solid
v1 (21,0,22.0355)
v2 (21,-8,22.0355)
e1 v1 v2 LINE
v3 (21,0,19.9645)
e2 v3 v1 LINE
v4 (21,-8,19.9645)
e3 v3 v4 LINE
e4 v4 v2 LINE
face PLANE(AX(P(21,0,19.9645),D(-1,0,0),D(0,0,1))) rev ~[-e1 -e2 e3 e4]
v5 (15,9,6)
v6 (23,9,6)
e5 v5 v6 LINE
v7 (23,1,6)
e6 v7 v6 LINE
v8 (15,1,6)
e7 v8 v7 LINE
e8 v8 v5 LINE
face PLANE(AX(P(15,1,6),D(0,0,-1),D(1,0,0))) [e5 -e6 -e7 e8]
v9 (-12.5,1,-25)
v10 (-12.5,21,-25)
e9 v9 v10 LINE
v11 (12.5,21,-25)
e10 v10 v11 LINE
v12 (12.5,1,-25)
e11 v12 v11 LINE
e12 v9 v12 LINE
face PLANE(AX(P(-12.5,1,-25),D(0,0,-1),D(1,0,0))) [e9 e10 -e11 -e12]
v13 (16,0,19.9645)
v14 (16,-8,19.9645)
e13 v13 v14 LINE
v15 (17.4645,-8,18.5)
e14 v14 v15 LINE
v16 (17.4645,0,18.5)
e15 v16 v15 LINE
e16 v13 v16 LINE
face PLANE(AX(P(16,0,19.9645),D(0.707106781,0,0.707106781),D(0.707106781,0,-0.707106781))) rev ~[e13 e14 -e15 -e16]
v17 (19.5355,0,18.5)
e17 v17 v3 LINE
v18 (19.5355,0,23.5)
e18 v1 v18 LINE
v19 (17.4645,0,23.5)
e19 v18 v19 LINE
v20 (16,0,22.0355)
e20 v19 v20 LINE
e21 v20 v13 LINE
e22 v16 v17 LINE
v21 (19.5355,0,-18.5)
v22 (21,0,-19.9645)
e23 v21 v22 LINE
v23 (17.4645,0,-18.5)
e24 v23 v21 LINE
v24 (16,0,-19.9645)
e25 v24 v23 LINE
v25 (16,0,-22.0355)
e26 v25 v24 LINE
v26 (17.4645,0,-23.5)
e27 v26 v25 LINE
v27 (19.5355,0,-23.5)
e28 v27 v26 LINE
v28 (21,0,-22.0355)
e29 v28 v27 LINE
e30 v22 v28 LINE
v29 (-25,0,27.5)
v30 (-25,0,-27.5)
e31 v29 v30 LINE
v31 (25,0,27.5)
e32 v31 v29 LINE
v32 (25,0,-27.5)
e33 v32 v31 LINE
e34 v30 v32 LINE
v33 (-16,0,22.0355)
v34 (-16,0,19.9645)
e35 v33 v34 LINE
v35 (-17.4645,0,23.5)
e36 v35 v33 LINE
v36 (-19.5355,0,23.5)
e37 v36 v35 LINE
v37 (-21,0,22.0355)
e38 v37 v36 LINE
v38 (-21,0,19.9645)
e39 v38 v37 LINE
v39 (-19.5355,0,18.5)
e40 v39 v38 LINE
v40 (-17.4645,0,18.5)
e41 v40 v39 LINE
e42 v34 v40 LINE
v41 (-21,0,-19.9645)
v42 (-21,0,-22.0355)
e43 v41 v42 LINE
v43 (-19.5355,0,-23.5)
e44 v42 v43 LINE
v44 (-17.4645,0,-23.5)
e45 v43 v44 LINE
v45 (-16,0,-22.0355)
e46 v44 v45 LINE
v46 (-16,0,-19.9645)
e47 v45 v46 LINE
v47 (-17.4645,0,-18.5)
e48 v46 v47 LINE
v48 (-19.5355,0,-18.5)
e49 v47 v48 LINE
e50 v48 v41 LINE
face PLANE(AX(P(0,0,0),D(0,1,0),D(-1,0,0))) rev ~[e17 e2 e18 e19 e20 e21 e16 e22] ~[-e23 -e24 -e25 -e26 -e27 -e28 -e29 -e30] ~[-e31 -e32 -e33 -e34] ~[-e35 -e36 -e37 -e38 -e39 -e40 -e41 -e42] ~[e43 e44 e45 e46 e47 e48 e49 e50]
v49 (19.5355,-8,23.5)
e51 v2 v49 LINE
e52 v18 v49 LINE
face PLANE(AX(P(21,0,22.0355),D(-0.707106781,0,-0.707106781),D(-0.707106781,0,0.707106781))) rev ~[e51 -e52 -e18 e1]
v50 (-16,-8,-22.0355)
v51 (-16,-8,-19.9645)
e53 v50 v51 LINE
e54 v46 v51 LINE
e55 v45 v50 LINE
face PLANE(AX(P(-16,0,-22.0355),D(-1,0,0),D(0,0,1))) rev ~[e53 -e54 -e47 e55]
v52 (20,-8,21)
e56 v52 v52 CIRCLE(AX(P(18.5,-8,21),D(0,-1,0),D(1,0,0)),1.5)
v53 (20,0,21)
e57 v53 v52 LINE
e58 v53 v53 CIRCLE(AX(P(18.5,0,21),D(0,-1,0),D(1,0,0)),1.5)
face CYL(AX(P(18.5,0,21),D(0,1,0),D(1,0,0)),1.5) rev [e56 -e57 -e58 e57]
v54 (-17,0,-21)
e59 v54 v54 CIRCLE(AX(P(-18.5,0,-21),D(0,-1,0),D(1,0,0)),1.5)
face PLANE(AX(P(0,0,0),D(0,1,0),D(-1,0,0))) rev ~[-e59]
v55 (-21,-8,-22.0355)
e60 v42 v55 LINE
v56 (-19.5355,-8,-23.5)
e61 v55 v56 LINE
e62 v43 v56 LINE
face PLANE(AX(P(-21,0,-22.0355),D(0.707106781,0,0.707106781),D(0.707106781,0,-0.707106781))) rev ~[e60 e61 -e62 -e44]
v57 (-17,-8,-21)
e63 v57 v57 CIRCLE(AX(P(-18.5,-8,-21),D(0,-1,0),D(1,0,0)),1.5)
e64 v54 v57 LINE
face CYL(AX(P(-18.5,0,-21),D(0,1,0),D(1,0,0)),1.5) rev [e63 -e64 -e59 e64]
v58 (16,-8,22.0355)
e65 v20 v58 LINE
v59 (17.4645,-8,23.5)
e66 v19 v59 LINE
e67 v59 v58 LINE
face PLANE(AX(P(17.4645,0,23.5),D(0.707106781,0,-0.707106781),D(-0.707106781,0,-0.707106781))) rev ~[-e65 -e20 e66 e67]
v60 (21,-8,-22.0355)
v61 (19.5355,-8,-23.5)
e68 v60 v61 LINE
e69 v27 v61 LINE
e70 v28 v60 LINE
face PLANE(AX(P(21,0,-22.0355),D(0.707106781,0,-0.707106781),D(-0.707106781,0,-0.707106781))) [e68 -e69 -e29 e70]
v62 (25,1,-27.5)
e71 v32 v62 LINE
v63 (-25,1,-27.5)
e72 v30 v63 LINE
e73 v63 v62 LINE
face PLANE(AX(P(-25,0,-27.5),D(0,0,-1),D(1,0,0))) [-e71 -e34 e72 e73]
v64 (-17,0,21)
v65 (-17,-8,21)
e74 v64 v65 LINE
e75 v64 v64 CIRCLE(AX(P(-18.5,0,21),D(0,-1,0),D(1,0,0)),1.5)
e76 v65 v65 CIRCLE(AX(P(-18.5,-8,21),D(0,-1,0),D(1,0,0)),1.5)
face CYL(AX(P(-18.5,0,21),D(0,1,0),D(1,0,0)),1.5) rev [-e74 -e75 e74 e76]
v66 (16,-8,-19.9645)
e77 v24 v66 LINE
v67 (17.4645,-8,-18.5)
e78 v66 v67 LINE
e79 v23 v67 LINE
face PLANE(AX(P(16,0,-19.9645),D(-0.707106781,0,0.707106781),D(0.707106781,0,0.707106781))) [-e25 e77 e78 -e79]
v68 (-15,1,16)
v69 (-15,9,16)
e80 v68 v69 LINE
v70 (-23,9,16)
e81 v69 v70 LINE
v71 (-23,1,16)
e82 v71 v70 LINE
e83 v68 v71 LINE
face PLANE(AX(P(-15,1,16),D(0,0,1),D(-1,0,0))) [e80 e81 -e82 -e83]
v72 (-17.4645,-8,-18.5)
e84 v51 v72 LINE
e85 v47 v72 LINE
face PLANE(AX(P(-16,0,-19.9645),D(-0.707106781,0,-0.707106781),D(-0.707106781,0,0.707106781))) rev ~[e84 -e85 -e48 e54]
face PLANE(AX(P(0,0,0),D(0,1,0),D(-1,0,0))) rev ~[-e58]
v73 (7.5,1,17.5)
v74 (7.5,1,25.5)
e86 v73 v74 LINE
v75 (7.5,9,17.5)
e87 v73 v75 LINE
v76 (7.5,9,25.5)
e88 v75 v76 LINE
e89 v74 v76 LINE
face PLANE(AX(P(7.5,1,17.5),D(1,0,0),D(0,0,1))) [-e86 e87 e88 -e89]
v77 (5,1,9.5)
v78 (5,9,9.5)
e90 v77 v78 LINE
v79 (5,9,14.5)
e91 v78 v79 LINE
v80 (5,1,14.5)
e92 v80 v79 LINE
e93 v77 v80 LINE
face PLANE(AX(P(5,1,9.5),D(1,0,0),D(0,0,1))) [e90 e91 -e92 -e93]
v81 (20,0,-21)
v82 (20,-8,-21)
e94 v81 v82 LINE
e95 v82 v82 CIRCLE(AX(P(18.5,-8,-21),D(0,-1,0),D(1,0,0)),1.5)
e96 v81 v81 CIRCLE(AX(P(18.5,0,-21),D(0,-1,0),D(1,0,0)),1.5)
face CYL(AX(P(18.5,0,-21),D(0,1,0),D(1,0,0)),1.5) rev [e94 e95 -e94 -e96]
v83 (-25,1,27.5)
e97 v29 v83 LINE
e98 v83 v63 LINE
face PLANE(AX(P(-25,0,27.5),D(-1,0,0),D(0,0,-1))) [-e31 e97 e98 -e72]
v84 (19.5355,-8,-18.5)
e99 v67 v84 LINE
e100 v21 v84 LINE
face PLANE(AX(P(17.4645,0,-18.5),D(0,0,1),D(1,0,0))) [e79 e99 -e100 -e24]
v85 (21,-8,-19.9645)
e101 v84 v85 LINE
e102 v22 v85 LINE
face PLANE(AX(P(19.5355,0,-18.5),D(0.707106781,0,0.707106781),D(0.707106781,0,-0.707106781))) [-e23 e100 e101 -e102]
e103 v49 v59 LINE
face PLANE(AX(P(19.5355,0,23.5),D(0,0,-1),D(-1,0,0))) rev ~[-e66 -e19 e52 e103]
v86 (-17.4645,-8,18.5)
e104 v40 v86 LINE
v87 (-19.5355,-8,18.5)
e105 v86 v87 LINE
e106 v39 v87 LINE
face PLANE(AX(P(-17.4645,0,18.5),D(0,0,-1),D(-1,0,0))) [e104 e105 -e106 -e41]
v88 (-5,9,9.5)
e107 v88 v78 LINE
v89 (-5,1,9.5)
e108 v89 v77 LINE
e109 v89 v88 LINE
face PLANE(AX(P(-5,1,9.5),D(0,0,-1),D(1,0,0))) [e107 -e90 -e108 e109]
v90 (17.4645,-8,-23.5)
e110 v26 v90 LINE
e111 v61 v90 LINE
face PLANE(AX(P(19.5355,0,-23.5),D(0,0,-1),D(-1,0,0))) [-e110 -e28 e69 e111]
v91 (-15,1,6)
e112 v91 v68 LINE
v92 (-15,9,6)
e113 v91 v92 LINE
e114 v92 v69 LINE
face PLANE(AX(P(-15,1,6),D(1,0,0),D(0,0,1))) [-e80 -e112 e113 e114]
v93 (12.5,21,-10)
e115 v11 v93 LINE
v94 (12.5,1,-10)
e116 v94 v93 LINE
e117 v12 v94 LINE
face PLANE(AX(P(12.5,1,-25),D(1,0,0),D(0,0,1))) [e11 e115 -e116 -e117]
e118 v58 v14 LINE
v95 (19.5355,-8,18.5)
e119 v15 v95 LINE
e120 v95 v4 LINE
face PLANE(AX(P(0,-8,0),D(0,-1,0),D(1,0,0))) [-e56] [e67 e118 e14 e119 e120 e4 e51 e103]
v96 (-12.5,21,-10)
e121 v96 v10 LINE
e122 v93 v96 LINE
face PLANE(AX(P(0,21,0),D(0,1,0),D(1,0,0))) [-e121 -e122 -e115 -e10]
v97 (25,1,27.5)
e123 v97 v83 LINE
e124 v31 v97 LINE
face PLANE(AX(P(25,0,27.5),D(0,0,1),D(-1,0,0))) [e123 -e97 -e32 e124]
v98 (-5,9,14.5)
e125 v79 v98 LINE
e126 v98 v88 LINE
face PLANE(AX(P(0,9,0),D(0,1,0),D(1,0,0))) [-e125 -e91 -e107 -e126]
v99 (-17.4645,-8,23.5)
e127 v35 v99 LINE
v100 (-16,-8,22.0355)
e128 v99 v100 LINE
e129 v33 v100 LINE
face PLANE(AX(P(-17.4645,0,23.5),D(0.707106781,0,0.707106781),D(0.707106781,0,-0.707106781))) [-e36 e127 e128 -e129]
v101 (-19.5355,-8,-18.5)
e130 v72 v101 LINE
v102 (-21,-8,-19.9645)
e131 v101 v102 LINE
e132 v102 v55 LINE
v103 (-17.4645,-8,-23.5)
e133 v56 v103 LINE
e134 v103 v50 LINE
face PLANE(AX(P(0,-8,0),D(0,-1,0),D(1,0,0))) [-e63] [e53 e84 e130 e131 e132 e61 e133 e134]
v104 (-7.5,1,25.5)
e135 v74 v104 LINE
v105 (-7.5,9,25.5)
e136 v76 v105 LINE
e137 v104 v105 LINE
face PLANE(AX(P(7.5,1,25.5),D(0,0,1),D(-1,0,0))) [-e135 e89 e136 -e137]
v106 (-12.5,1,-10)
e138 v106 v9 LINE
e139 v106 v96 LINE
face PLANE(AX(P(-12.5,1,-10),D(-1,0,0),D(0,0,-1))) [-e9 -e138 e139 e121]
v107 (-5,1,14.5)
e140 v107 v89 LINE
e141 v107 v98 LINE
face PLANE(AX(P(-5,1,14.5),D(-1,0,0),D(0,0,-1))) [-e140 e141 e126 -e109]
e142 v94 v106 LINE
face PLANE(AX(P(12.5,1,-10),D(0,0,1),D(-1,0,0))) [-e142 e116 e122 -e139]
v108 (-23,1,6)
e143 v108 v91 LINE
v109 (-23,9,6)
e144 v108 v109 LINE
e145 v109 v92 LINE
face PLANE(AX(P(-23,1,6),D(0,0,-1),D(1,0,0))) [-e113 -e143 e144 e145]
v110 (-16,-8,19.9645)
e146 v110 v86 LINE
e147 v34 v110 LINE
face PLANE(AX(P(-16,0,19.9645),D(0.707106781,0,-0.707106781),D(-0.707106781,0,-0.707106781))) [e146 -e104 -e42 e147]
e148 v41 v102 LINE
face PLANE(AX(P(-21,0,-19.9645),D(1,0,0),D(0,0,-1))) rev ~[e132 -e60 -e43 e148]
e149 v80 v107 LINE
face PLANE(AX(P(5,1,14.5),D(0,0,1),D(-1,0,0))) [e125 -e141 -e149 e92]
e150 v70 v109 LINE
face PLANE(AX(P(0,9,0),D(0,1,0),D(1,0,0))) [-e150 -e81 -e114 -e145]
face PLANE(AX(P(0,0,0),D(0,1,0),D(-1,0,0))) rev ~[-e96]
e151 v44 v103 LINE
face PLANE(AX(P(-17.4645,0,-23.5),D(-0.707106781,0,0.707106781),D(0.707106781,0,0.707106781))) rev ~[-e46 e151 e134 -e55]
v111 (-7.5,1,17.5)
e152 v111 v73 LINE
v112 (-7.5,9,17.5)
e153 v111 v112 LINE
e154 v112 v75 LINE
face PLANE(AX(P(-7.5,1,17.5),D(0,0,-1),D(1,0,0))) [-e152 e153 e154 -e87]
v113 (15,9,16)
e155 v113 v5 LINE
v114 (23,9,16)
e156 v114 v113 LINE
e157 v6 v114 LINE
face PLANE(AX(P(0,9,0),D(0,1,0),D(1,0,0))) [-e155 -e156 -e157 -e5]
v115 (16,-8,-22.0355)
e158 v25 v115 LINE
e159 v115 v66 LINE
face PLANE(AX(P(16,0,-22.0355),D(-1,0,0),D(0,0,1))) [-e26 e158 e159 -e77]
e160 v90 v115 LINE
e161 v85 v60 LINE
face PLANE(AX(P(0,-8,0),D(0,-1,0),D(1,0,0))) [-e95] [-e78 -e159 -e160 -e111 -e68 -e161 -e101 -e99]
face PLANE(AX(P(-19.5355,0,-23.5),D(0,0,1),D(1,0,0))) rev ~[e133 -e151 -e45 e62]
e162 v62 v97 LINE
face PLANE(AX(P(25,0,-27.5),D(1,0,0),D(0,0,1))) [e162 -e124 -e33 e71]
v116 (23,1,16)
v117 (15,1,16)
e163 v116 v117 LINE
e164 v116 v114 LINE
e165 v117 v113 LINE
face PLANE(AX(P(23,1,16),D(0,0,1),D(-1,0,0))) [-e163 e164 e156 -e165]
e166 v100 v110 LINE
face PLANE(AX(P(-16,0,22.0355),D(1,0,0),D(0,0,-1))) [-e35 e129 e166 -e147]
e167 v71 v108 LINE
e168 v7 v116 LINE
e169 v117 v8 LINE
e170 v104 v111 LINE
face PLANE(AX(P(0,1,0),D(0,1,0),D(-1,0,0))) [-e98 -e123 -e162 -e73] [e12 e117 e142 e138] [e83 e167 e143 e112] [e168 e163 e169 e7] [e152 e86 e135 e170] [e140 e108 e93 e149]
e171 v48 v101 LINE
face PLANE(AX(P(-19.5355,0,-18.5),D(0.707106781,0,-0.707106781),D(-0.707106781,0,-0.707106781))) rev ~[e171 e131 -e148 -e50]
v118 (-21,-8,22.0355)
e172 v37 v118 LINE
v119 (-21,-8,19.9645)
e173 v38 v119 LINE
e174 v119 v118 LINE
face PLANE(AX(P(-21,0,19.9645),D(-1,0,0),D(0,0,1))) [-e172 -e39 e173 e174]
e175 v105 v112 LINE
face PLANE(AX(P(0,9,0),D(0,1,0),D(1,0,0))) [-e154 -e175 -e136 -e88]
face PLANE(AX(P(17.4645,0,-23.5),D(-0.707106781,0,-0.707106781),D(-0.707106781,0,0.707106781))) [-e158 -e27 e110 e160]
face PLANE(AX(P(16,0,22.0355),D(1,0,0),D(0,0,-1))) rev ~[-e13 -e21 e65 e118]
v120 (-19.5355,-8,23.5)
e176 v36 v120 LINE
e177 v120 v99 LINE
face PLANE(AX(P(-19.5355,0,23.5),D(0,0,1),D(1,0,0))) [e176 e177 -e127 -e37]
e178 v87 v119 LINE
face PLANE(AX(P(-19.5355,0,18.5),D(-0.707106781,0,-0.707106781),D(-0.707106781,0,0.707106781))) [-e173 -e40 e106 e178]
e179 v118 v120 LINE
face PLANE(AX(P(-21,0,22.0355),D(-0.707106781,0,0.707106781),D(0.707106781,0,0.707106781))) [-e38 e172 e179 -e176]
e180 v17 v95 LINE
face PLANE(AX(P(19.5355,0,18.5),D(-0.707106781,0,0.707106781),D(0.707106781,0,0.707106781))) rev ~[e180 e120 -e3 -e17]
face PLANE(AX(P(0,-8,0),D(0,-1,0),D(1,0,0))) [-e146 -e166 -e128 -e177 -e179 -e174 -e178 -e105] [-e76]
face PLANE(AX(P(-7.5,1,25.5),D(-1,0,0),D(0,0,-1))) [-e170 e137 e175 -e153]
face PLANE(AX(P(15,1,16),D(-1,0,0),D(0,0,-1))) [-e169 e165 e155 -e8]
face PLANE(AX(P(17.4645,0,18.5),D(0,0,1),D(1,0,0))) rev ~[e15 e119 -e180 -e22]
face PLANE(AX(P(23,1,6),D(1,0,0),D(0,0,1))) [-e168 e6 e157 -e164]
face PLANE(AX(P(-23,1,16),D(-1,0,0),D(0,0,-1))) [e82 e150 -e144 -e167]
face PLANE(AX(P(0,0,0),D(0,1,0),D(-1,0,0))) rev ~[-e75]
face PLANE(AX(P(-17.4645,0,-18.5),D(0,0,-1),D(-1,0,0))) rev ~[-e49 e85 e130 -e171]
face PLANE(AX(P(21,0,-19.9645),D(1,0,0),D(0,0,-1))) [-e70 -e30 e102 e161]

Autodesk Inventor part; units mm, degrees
ref_plane "YZ Plane" through (0, 0, 0) normal (1, 0, 0) x (0, 1, 0)
ref_plane "XZ Plane" through (0, 0, 0) normal (0, 1, 0) x (-1, 0, 0)
ref_plane "XY Plane" through (0, 0, 0) normal (0, 0, 1) x (1, 0, 0)
sketch "Esquisse1" plane through (0, 0, 0) normal (0, 1, 0) x (-1, 0, 0)
  line L0 (-25, 27.5) -> (25, 27.5)
  line L1 (25, 27.5) -> (25, -27.5)
  line L2 (25, -27.5) -> (-25, -27.5)
  line L3 (-25, -27.5) -> (-25, 27.5)
  point P0 (0, 0)
  dimension "d0" = 55
  dimension "d1" = 50
  dimension "d2" = 25
  dimension "d3" = 27.5
extrude "Extrusion1" add sketch "Esquisse1" along normal blind 1
sketch "Esquisse2" plane through (0, 1, 0) normal (0, 1, 0) x (1, 0, 0)
  line L0 (25, 27.5) -> (-25, 27.5) projected
  line L1 (-12.5, 25) -> (12.5, 25)
  line L2 (12.5, 25) -> (12.5, 10)
  line L3 (12.5, 10) -> (-12.5, 10)
  line L4 (-12.5, 10) -> (-12.5, 25)
  point P0 (0, 0)
  dimension "d6" = 15
  dimension "d7" = 25
  dimension "d8" = 12.5
  dimension "d9" = 2.5
extrude "Extrusion2" add sketch "Esquisse2" along normal blind 20
sketch "Esquisse3" plane through (0, 1, 0) normal (0, 1, 0) x (1, 0, 0)
  line L0 (-25, -27.5) -> (25, -27.5) projected
  line L1 (25, -27.5) -> (25, 27.5) projected
  line L2 (-25, 27.5) -> (-25, -27.5) projected
  line L3 (-23, -6) -> (-15, -6)
  line L4 (-15, -6) -> (-15, -16)
  line L5 (-15, -16) -> (-23, -16)
  line L6 (-23, -16) -> (-23, -6)
  line L7 (15, -6) -> (23, -6)
  line L8 (23, -6) -> (23, -16)
  line L9 (23, -16) -> (15, -16)
  line L10 (15, -16) -> (15, -6)
  line L11 (-7.5, -17.5) -> (7.5, -17.5)
  line L12 (7.5, -17.5) -> (7.5, -25.5)
  line L13 (7.5, -25.5) -> (-7.5, -25.5)
  line L14 (-7.5, -25.5) -> (-7.5, -17.5)
  line L15 (-5, -9.5) -> (5, -9.5)
  line L16 (5, -9.5) -> (5, -14.5)
  line L17 (5, -14.5) -> (-5, -14.5)
  line L18 (-5, -14.5) -> (-5, -9.5)
  point P0 (0, 0)
  dimension "d12" = 10
  dimension "d13" = 10
  dimension "d14" = 10
  dimension "d15" = 8
  dimension "d16" = 8
  dimension "d17" = 15
  dimension "d18" = 8
  dimension "d19" = 5
  dimension "d20" = 5
  dimension "d21" = 2
  dimension "d22" = 2
  dimension "d23" = 2
  dimension "d24" = 7.5
  dimension "d25" = 6
  dimension "d26" = 3
extrude "Extrusion3" add sketch "Esquisse3" along normal blind 8
sketch "Esquisse4" plane through (0, 0, 0) normal (0, -1, 0) x (1, 0, 0)
  line L0 (25, 27.5) -> (-25, 27.5) projected
  line L1 (-25, 27.5) -> (-25, -27.5) projected
  line L2 (-19.5355, 23.5) -> (-17.4645, 23.5)
  line L3 (-17.4645, 23.5) -> (-17.4645, 18.5) construction
  line L4 (-17.4645, 18.5) -> (-19.5355, 18.5)
  line L5 (-19.5355, 18.5) -> (-19.5355, 23.5) construction
  line L6 (-21, 22.0355) -> (-16, 22.0355) construction
  line L7 (-16, 22.0355) -> (-16, 19.9645)
  line L8 (-16, 19.9645) -> (-21, 19.9645) construction
  line L9 (-21, 19.9645) -> (-21, 22.0355)
  line L10 (-21, 22.0355) -> (-19.5355, 23.5)
  line L11 (-17.4645, 23.5) -> (-16, 22.0355)
  line L12 (-16, 19.9645) -> (-17.4645, 18.5)
  line L13 (-19.5355, 18.5) -> (-21, 19.9645)
  line L14 (-19.5355, 22.0355) -> (-17.4645, 19.9645) construction
  line L15 (-17.4645, 22.0355) -> (-19.5355, 19.9645) construction
  circle A0 centre (-18.5, 21) radius 1.5
  line L16 (0, 0) -> (0, 27.5) construction
  line L17 (0, 0) -> (-25, 0) construction
  line L18 (19.5355, 23.5) -> (17.4645, 23.5)
  line L19 (17.4645, 23.5) -> (17.4645, 18.5) construction
  line L20 (17.4645, 18.5) -> (19.5355, 18.5)
  line L21 (19.5355, 18.5) -> (19.5355, 23.5) construction
  line L22 (21, 22.0355) -> (16, 22.0355) construction
  line L23 (16, 22.0355) -> (16, 19.9645)
  line L24 (16, 19.9645) -> (21, 19.9645) construction
  line L25 (21, 19.9645) -> (21, 22.0355)
  line L26 (21, 22.0355) -> (19.5355, 23.5)
  line L27 (17.4645, 23.5) -> (16, 22.0355)
  line L28 (16, 19.9645) -> (17.4645, 18.5)
  line L29 (19.5355, 18.5) -> (21, 19.9645)
  line L30 (19.5355, 22.0355) -> (17.4645, 19.9645) construction
  line L31 (17.4645, 22.0355) -> (19.5355, 19.9645) construction
  circle A1 centre (18.5, 21) radius 1.5
  line L32 (-19.5355, -23.5) -> (-17.4645, -23.5)
  line L33 (-17.4645, -23.5) -> (-17.4645, -18.5) construction
  line L34 (-17.4645, -18.5) -> (-19.5355, -18.5)
  line L35 (-19.5355, -18.5) -> (-19.5355, -23.5) construction
  line L36 (-21, -22.0355) -> (-16, -22.0355) construction
  line L37 (-16, -22.0355) -> (-16, -19.9645)
  line L38 (-16, -19.9645) -> (-21, -19.9645) construction
  line L39 (-21, -19.9645) -> (-21, -22.0355)
  line L40 (-21, -22.0355) -> (-19.5355, -23.5)
  line L41 (-17.4645, -23.5) -> (-16, -22.0355)
  line L42 (-16, -19.9645) -> (-17.4645, -18.5)
  line L43 (-19.5355, -18.5) -> (-21, -19.9645)
  line L44 (-19.5355, -22.0355) -> (-17.4645, -19.9645) construction
  line L45 (-17.4645, -22.0355) -> (-19.5355, -19.9645) construction
  circle A2 centre (-18.5, -21) radius 1.5
  line L46 (16, -19.9645) -> (17.4645, -18.5)
  line L47 (17.4645, -18.5) -> (19.5355, -18.5)
  line L48 (16, -22.0355) -> (16, -19.9645)
  line L49 (16, -19.9645) -> (21, -19.9645) construction
  line L50 (19.5355, -18.5) -> (21, -19.9645)
  line L51 (17.4645, -23.5) -> (17.4645, -18.5) construction
  line L52 (17.4645, -23.5) -> (16, -22.0355)
  line L53 (19.5355, -22.0355) -> (17.4645, -19.9645) construction
  line L54 (17.4645, -22.0355) -> (19.5355, -19.9645) construction
  circle A3 centre (18.5, -21) radius 1.5
  line L55 (21, -22.0355) -> (16, -22.0355) construction
  line L56 (21, -19.9645) -> (21, -22.0355)
  line L57 (19.5355, -18.5) -> (19.5355, -23.5) construction
  line L58 (19.5355, -23.5) -> (17.4645, -23.5)
  line L59 (21, -22.0355) -> (19.5355, -23.5)
  dimension "d29" = 5
  dimension "d30" = 5
  dimension "d31" = 4
  dimension "d32" = 4
  dimension "d35" = 3
extrude "Extrusion4" add sketch "Esquisse4" along normal blind 8
equation "\"d2\" = 0.5 * d1"
equation "\"d3\" = 0.5 * d0"
equation "\"d8\" = 0.5 * d7"
equation "\"d14\" = d13"
equation "\"d16\" = d15"
equation "\"d20\" = 0.5 * d12"
equation "\"d22\" = d21"
equation "\"d23\" = d21"
equation "\"d24\" = 0.5 * d17"
equation "\"d30\" = d29"
properties part number "carte_puissance"
